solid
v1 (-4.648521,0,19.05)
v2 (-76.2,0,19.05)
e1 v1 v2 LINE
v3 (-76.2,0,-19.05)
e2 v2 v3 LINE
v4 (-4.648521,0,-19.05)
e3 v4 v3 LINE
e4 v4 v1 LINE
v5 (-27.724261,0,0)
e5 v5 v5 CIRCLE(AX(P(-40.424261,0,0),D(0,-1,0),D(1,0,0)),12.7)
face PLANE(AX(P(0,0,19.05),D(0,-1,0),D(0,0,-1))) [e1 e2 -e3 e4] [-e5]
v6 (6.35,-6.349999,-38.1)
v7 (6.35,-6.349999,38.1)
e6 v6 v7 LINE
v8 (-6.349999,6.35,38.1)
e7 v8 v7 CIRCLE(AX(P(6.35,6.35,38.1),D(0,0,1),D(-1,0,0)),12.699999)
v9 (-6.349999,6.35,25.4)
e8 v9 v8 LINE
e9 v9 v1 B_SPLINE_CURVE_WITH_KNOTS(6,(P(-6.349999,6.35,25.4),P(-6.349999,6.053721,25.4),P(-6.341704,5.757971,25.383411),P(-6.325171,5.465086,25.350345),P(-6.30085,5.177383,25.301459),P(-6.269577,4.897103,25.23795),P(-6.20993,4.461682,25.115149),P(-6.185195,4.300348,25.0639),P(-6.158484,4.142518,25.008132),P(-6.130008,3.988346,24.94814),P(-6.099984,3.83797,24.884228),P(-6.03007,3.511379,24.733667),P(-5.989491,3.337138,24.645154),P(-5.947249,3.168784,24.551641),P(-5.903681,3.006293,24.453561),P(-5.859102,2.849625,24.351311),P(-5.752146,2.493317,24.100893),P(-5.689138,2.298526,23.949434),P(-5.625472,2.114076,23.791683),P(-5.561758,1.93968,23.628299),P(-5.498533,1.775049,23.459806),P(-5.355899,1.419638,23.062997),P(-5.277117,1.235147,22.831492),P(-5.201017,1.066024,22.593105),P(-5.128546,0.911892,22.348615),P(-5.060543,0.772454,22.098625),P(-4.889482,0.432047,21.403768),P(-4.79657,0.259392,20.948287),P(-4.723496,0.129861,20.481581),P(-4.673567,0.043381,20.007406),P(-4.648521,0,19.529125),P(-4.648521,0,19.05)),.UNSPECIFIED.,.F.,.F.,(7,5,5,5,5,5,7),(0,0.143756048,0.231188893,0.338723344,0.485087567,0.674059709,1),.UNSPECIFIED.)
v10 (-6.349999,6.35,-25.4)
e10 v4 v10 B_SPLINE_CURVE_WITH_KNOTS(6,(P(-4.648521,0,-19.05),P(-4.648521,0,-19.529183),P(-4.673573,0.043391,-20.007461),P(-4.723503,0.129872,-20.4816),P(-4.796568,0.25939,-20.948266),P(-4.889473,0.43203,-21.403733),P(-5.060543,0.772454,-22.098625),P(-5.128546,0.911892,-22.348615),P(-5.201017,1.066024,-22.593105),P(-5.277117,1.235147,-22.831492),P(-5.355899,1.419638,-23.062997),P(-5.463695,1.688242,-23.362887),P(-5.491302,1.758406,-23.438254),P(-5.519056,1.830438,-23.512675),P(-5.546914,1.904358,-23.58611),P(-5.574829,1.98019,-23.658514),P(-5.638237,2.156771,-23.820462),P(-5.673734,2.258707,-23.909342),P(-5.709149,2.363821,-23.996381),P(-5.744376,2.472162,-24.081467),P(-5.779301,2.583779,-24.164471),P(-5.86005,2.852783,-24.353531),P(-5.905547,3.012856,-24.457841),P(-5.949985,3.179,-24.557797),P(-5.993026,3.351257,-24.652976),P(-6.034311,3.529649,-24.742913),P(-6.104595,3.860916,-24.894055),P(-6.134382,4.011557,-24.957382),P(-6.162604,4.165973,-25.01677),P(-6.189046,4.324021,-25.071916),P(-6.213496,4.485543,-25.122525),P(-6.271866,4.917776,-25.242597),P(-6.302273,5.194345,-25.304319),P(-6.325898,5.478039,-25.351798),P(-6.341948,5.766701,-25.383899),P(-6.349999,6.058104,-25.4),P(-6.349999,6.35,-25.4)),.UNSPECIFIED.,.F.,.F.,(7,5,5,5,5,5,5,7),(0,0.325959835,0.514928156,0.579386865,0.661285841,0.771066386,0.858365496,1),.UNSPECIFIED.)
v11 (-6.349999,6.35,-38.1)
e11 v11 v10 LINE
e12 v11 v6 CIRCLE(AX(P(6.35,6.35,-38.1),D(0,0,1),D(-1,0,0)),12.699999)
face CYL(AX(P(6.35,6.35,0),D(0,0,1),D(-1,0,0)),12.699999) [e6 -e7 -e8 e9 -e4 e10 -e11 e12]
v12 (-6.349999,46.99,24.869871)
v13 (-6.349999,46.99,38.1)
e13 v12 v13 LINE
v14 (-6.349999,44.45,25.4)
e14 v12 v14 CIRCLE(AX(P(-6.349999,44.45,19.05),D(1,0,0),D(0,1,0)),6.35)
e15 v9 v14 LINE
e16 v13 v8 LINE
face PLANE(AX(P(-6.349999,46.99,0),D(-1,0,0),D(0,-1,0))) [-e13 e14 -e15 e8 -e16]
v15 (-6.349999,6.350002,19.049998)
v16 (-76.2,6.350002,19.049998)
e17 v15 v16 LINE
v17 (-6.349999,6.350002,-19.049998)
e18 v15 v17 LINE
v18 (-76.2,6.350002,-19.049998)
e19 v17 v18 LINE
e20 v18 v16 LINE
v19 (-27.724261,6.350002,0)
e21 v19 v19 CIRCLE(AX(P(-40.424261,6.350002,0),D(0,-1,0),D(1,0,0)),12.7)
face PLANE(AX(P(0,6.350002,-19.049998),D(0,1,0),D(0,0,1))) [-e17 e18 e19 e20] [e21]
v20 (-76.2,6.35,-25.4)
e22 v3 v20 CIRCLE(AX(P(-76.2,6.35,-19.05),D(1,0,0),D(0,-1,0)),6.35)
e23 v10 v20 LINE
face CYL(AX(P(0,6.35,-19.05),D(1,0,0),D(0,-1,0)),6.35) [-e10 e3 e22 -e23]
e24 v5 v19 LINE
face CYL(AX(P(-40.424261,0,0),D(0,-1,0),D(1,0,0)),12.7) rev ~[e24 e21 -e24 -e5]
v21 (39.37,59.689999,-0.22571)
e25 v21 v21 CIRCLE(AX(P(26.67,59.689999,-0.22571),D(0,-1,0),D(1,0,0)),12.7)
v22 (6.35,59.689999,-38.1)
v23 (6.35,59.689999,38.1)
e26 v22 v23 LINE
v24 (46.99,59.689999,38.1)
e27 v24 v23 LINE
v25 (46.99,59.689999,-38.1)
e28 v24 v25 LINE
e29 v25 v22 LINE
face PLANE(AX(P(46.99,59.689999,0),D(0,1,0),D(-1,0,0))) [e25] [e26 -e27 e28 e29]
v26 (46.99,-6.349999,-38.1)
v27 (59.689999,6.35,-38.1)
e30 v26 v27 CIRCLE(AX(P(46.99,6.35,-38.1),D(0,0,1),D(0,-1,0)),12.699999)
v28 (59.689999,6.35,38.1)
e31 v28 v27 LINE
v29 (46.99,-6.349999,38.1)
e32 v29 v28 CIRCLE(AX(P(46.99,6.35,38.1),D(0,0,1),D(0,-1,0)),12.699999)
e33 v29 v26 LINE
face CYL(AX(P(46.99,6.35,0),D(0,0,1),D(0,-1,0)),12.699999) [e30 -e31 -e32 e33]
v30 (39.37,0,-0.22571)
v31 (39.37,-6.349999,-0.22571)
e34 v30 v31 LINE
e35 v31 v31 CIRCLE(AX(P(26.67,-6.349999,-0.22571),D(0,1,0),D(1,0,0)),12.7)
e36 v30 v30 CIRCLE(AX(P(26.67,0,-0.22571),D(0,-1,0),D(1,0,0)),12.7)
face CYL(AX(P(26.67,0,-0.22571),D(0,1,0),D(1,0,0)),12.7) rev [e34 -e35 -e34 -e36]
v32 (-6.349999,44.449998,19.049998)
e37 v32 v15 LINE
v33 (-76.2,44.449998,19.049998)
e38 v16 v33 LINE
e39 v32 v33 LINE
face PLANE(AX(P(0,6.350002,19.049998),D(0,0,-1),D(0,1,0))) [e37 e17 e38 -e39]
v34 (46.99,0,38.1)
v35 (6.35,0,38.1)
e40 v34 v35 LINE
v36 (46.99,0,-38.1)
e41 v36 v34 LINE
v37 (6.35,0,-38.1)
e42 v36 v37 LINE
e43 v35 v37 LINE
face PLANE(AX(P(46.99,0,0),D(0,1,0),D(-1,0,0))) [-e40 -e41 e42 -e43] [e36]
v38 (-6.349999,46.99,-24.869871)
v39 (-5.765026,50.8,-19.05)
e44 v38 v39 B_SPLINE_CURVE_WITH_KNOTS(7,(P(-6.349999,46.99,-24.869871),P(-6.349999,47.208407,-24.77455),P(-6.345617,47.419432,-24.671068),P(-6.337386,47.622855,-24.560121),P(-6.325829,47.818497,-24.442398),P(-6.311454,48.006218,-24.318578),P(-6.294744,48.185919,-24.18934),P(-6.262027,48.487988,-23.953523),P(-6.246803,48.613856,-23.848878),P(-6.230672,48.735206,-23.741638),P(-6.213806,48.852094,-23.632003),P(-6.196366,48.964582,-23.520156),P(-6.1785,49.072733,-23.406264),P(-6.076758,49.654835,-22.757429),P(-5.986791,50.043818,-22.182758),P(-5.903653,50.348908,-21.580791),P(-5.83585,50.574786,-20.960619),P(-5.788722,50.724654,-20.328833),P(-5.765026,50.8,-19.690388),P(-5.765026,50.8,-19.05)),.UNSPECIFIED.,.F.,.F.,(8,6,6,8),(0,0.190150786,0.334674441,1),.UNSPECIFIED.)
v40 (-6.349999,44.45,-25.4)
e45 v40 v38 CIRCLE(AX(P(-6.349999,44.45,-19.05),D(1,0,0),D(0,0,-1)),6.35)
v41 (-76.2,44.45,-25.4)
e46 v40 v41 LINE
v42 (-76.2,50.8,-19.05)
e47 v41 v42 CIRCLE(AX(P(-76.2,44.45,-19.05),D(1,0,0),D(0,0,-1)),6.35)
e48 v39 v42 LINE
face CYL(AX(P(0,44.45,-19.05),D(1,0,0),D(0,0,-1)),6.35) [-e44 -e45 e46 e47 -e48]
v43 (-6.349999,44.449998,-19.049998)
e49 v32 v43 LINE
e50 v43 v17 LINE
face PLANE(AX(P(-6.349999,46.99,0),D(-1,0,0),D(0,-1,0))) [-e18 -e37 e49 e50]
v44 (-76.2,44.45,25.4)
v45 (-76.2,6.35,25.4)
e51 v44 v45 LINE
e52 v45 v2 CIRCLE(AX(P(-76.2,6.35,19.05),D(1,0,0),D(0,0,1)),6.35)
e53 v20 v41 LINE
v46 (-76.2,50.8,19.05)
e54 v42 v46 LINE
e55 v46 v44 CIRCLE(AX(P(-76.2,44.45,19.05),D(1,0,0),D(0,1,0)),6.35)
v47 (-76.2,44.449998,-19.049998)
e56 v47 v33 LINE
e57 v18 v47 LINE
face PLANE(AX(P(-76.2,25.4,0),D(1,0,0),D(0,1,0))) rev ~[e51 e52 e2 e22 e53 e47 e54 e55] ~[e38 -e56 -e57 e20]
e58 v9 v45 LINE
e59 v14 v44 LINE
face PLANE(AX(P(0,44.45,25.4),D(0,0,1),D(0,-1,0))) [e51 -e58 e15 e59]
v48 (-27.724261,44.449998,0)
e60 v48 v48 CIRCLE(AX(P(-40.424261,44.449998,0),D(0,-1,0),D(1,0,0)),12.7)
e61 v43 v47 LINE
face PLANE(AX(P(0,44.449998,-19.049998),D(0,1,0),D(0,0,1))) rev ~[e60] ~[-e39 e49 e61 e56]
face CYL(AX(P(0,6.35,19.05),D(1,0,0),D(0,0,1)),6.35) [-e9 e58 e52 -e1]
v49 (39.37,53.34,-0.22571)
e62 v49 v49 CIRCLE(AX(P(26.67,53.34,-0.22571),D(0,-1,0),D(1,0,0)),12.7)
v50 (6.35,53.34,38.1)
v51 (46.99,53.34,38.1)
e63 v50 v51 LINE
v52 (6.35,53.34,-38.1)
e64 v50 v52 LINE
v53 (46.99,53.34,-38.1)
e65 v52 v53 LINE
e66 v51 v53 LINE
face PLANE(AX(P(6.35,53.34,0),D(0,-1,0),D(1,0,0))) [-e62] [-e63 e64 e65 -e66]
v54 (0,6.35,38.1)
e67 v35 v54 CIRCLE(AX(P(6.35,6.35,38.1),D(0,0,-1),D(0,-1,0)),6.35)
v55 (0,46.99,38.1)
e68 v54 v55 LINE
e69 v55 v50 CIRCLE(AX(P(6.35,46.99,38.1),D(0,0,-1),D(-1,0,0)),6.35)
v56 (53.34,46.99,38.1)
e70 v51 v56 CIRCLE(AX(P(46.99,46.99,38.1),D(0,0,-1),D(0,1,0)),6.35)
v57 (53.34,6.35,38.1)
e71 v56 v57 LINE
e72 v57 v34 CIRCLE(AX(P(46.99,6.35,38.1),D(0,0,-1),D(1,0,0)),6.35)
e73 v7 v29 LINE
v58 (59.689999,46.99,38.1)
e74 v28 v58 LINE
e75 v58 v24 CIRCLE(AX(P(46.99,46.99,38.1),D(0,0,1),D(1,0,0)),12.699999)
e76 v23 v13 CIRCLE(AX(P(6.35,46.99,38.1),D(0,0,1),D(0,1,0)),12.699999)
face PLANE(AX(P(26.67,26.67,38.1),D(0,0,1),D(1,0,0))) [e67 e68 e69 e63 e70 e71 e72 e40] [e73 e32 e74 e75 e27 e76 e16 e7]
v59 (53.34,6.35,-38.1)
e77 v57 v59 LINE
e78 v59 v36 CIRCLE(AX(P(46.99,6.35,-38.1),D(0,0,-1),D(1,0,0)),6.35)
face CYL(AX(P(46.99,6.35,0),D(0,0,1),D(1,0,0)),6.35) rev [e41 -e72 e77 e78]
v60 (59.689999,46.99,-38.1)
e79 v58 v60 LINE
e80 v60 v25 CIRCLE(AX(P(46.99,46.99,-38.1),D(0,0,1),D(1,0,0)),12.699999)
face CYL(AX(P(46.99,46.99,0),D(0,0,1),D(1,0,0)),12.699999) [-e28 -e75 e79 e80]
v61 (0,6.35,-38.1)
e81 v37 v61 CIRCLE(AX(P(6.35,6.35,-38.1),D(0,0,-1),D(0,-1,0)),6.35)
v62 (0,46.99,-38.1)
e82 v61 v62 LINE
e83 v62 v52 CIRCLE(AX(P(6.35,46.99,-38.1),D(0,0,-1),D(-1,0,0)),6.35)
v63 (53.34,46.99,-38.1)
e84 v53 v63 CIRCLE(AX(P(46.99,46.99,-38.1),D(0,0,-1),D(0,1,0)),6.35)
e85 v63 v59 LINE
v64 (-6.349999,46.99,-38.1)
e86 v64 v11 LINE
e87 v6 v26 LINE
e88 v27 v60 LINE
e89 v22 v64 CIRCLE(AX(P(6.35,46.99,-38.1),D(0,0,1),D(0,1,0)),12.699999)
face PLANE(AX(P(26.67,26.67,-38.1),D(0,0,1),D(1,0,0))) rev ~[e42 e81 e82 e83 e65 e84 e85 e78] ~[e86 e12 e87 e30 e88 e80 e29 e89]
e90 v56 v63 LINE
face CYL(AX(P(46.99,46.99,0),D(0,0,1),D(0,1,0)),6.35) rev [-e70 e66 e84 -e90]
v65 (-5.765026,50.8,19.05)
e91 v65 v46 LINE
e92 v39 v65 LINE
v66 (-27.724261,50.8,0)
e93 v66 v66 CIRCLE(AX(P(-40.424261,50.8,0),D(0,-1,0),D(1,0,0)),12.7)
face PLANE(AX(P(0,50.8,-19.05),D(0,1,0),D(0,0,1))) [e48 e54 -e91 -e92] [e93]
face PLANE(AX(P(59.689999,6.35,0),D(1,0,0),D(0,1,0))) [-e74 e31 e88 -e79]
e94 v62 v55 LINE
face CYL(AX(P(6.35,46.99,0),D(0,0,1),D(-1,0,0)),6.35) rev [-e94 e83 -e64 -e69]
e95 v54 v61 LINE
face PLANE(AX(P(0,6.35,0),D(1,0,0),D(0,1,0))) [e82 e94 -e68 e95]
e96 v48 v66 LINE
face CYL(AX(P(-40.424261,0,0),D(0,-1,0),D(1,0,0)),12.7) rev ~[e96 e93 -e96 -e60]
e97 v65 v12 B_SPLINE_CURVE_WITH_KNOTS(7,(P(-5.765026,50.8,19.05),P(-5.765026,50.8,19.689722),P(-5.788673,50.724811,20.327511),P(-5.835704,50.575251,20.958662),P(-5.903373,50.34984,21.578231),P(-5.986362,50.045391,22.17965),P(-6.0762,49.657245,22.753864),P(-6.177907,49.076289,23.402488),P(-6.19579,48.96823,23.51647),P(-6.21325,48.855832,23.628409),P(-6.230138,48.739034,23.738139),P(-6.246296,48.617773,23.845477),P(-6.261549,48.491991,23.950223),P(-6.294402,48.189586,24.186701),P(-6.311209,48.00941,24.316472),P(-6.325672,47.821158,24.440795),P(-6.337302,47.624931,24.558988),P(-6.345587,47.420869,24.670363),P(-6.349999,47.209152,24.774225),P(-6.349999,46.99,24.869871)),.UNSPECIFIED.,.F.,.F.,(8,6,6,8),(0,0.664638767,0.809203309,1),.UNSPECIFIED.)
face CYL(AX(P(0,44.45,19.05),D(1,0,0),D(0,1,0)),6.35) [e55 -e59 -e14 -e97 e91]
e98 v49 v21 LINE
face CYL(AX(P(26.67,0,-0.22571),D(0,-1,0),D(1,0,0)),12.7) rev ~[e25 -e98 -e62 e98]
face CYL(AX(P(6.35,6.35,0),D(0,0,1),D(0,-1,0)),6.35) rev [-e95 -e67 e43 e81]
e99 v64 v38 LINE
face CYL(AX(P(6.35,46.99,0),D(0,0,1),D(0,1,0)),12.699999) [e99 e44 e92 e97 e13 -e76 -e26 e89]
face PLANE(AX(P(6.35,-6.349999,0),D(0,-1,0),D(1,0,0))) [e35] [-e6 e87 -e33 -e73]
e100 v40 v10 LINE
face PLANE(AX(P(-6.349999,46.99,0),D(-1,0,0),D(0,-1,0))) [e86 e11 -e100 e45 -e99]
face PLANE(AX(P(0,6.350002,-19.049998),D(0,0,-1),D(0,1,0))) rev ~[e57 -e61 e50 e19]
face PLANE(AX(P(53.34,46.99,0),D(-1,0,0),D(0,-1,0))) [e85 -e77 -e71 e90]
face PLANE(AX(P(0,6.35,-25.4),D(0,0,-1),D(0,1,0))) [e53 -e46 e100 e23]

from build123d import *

# Parameters (mm, degrees)
F1_DEPTH      = 38.1
F2_R          = 12.7
F3_DEPTH      = 59.6909986267
F3_DEPTH_BACK = 25.4
F4_W          = 38.0999967456
F4_H          = 38.0999967456
F5_DEPTH      = 76.2
F6_R          = 12.7
F7_DEPTH      = 59.6909987267


with BuildPart() as f1:
    # F0 (on Top) → F1 (new body, symmetric)
    with BuildSketch(Plane.XY):
        with BuildLine():
            Line((46.99, 59.6899986267), (6.35, 59.6899986267))
            ThreePointArc((6.35, 59.6899986267), (-2.63025515, 55.97025515), (-6.3499986267, 46.99))
            Line((-6.3499986267, 46.99), (-6.3499986267, 6.35))
            ThreePointArc((-6.3499986267, 6.35), (-2.63025515, -2.63025515), (6.35, -6.3499986267))
            Line((6.35, -6.3499986267), (46.99, -6.3499986267))
            ThreePointArc((46.99, -6.3499986267), (55.97025515, -2.63025515), (59.6899986267, 6.35))
            Line((59.6899986267, 6.35), (59.6899986267, 46.99))
            ThreePointArc((59.6899986267, 46.99), (55.97025515, 55.97025515), (46.99, 59.6899986267))
        make_face()
        with BuildLine():
            Line((46.99, 0), (6.35, 0))
            ThreePointArc((6.35, 0), (1.8598719395, 1.8598719395), (0, 6.35))
            Line((0, 6.35), (0, 46.99))
            ThreePointArc((0, 46.99), (1.8598719395, 51.4801280605), (6.35, 53.34))
            Line((6.35, 53.34), (46.99, 53.34))
            ThreePointArc((46.99, 53.34), (51.4801280605, 51.4801280605), (53.34, 46.99))
            Line((53.34, 46.99), (53.34, 6.35))
            ThreePointArc((53.34, 6.35), (51.4801280605, 1.8598719395), (46.99, 0))
        make_face(mode=Mode.SUBTRACT)
    extrude(amount=F1_DEPTH, both=True)

    # F2 (on Front) → F3 (cut, two sides)
    with BuildSketch(Plane.XZ) as f3_sk:
        with Locations((26.67, -0.2257099867)):
            Circle(F2_R)
    extrude(amount=-F3_DEPTH, mode=Mode.SUBTRACT)
    extrude(f3_sk.sketch, amount=F3_DEPTH_BACK, mode=Mode.SUBTRACT)

    # F4 (on Right) → F5 (join)
    with BuildSketch(Plane.YZ):
        with BuildLine():
            ThreePointArc((50.8, 19.05), (48.9401280605, 23.5401280605), (44.45, 25.4))
            Line((44.45, 25.4), (6.35, 25.4))
            ThreePointArc((6.35, 25.4), (1.8598719395, 23.5401280605), (0, 19.05))
            Line((0, 19.05), (0, -19.05))
            ThreePointArc((0, -19.05), (1.8598719395, -23.5401280605), (6.35, -25.4))
            Line((6.35, -25.4), (44.45, -25.4))
            ThreePointArc((44.45, -25.4), (48.9401280605, -23.5401280605), (50.8, -19.05))
            Line((50.8, -19.05), (50.8, 19.05))
        make_face()
        with Locations((25.4, 0)):
            Rectangle(F4_W, F4_H, mode=Mode.SUBTRACT)
    extrude(amount=-F5_DEPTH)

    # F6 (on Front) → F7 (cut, through all)
    with BuildSketch(Plane.XZ):
        with Locations((-40.4242605212, 0)):
            Circle(F6_R)
    extrude(amount=-F7_DEPTH, mode=Mode.SUBTRACT)


solid = f1.part
